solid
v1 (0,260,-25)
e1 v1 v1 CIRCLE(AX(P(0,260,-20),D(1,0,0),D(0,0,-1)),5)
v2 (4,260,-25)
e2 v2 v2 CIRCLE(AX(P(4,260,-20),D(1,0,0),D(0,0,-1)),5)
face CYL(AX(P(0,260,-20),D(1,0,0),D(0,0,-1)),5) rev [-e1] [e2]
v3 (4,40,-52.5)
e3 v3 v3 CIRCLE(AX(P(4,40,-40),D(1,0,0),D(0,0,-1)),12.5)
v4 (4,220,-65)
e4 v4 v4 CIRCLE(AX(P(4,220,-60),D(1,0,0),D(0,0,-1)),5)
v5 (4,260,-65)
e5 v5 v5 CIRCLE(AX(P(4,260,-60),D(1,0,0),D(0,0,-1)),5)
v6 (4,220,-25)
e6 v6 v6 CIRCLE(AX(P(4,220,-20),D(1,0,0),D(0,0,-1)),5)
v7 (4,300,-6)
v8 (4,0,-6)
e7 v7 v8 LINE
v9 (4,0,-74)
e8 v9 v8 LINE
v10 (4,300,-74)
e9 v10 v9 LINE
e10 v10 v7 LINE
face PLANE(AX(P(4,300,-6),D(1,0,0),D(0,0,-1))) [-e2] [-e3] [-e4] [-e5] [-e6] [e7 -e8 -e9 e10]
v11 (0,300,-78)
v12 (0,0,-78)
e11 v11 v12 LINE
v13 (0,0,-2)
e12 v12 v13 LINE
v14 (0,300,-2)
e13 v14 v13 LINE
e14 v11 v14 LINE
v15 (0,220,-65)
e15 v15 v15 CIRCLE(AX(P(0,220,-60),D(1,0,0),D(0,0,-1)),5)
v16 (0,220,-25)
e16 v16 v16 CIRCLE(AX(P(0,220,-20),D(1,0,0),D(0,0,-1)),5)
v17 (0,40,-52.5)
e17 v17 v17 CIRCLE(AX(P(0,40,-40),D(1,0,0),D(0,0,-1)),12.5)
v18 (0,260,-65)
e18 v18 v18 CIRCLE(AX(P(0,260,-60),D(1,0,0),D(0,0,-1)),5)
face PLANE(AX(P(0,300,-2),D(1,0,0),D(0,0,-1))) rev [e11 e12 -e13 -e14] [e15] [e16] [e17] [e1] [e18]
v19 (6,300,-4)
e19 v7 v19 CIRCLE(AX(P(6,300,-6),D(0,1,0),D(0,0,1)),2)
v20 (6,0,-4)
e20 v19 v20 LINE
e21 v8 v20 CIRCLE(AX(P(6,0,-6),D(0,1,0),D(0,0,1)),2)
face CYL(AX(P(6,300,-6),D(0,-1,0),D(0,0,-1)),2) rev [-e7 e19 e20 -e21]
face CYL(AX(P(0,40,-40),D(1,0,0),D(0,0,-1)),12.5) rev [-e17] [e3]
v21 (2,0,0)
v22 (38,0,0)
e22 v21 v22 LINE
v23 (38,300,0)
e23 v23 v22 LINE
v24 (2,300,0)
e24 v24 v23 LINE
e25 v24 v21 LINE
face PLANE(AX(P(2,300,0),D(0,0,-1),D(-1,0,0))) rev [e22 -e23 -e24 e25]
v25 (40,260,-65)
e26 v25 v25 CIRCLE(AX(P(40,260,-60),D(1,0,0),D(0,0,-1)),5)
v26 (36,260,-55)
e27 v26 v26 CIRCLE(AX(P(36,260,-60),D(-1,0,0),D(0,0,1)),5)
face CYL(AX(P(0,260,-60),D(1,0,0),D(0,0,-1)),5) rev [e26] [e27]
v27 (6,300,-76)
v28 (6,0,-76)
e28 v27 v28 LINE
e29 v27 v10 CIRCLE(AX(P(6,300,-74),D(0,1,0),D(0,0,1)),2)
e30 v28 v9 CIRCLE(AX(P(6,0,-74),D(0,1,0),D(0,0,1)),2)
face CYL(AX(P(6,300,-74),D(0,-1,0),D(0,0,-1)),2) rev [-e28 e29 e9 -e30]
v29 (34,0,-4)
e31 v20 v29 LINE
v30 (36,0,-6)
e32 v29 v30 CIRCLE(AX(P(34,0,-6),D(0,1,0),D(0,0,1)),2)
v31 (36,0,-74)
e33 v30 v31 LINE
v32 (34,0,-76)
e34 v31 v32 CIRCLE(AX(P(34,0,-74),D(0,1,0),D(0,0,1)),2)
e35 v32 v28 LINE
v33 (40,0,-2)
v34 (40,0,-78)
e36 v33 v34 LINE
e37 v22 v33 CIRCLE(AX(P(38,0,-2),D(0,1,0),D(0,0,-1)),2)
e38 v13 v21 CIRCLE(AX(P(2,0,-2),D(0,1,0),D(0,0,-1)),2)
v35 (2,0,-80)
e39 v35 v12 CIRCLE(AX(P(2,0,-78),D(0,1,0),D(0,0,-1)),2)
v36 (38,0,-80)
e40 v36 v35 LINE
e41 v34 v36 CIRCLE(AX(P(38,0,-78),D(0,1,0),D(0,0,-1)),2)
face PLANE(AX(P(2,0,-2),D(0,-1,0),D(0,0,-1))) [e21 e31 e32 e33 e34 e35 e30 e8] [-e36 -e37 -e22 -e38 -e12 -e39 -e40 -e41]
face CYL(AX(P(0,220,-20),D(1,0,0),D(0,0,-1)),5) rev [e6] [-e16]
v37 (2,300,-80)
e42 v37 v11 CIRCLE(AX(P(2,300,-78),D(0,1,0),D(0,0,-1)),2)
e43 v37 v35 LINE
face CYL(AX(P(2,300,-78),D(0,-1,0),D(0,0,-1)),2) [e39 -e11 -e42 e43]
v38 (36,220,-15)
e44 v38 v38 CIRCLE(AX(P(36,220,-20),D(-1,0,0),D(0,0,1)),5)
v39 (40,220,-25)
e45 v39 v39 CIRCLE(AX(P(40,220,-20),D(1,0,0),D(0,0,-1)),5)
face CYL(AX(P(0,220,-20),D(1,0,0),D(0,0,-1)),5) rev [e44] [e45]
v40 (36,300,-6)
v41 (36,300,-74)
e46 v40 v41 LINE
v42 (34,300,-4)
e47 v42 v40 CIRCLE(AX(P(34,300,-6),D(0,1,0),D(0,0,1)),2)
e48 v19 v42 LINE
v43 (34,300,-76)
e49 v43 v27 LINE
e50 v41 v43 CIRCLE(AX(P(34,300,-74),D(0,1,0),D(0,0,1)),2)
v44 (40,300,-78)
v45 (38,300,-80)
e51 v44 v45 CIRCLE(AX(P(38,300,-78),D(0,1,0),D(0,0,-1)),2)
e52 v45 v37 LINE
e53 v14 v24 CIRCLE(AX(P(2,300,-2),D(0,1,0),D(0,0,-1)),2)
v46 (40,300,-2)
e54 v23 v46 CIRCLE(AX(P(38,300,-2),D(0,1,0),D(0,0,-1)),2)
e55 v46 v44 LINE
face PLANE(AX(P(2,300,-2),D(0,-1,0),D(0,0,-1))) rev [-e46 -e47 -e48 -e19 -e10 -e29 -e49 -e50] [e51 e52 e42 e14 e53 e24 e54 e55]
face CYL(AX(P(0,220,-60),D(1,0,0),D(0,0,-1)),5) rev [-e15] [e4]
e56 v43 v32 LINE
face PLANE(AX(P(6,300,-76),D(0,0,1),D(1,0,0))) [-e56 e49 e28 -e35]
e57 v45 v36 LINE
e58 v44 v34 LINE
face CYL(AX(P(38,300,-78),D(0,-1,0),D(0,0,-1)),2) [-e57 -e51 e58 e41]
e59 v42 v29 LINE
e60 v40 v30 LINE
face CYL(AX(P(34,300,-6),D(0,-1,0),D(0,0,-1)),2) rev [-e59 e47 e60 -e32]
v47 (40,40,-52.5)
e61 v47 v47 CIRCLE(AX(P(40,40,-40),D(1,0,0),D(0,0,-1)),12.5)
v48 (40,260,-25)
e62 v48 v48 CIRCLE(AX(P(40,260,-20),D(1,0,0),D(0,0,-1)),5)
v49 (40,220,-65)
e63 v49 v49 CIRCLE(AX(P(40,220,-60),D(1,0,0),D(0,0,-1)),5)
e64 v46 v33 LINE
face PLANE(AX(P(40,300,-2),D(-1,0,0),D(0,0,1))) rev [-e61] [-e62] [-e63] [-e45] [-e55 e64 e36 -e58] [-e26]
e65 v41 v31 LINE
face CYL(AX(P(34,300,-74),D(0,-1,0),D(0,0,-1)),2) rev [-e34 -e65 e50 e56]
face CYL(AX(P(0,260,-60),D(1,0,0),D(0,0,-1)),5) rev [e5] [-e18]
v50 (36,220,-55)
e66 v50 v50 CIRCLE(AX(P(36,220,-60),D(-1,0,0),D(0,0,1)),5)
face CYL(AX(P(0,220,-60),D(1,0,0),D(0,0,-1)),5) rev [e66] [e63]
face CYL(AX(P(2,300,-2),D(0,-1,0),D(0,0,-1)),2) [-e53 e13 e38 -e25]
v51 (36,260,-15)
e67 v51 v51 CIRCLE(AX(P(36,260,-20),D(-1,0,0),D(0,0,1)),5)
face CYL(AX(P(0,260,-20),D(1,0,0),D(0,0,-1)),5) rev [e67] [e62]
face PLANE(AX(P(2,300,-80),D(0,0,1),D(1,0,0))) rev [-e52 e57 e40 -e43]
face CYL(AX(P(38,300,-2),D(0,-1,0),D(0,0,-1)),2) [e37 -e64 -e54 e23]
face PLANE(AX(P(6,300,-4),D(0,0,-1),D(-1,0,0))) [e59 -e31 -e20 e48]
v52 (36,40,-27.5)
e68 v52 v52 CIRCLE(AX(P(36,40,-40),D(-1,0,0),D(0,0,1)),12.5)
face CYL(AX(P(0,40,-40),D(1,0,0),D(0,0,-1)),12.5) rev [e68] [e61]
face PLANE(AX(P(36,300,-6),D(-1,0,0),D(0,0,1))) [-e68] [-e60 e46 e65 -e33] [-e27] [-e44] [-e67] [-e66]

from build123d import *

# Parameters (mm, degrees)
BOSS_EXTRU_1_DEPTH      = 300
ESQUISSE3_R             = 12.5
ENL_V_MAT_EXTRU_1_DEPTH = 314.04951685
ESQUISSE4_R             = 5
ENL_V_MAT_EXTRU_2_DEPTH = 314.04951685


with BuildPart() as part:
    # Esquisse2 → Boss.-Extru.1 (new body)
    with BuildSketch(Plane(origin=(0, 0, 0), x_dir=(1, 0, 0), z_dir=(0, 1, 0))):
        with BuildLine():
            Line((2, 0), (38, 0))
            ThreePointArc((38, 0), (39.414213562, 0.585786438), (40, 2))
            Line((40, 2), (40, 78))
            ThreePointArc((40, 78), (39.414213562, 79.414213562), (38, 80))
            Line((38, 80), (2, 80))
            ThreePointArc((2, 80), (0.585786438, 79.414213562), (0, 78))
            Line((0, 78), (0, 2))
            ThreePointArc((0, 2), (0.585786438, 0.585786438), (2, 0))
        make_face()
        with BuildLine():
            Line((6, 4), (34, 4))
            ThreePointArc((34, 4), (35.414213562, 4.585786438), (36, 6))
            Line((36, 6), (36, 74))
            ThreePointArc((36, 74), (35.414213562, 75.414213562), (34, 76))
            Line((34, 76), (6, 76))
            ThreePointArc((6, 76), (4.585786438, 75.414213562), (4, 74))
            Line((4, 74), (4, 6))
            ThreePointArc((4, 6), (4.585786438, 4.585786438), (6, 4))
        make_face(mode=Mode.SUBTRACT)
    extrude(amount=BOSS_EXTRU_1_DEPTH)

    # Esquisse3 → Enlèv. mat.-Extru.1 (cut, through all)
    with BuildSketch(Plane(origin=(40, 0, 0), x_dir=(0, 0, -1), z_dir=(1, 0, 0))):
        with Locations((40, 40)):
            Circle(ESQUISSE3_R)
    extrude(amount=-ENL_V_MAT_EXTRU_1_DEPTH, mode=Mode.SUBTRACT)

    # Esquisse4 → Enlèv. mat.-Extru.2 (cut, through all)
    with BuildSketch(Plane(origin=(40, 0, 0), x_dir=(0, 0, -1), z_dir=(1, 0, 0))):
        with Locations((60, 220)):
            Circle(ESQUISSE4_R)
        with Locations((20, 220)):
            Circle(ESQUISSE4_R)
        with Locations((20, 260)):
            Circle(ESQUISSE4_R)
        with Locations((60, 260)):
            Circle(ESQUISSE4_R)
    extrude(amount=-ENL_V_MAT_EXTRU_2_DEPTH, mode=Mode.SUBTRACT)


solid = part.part
